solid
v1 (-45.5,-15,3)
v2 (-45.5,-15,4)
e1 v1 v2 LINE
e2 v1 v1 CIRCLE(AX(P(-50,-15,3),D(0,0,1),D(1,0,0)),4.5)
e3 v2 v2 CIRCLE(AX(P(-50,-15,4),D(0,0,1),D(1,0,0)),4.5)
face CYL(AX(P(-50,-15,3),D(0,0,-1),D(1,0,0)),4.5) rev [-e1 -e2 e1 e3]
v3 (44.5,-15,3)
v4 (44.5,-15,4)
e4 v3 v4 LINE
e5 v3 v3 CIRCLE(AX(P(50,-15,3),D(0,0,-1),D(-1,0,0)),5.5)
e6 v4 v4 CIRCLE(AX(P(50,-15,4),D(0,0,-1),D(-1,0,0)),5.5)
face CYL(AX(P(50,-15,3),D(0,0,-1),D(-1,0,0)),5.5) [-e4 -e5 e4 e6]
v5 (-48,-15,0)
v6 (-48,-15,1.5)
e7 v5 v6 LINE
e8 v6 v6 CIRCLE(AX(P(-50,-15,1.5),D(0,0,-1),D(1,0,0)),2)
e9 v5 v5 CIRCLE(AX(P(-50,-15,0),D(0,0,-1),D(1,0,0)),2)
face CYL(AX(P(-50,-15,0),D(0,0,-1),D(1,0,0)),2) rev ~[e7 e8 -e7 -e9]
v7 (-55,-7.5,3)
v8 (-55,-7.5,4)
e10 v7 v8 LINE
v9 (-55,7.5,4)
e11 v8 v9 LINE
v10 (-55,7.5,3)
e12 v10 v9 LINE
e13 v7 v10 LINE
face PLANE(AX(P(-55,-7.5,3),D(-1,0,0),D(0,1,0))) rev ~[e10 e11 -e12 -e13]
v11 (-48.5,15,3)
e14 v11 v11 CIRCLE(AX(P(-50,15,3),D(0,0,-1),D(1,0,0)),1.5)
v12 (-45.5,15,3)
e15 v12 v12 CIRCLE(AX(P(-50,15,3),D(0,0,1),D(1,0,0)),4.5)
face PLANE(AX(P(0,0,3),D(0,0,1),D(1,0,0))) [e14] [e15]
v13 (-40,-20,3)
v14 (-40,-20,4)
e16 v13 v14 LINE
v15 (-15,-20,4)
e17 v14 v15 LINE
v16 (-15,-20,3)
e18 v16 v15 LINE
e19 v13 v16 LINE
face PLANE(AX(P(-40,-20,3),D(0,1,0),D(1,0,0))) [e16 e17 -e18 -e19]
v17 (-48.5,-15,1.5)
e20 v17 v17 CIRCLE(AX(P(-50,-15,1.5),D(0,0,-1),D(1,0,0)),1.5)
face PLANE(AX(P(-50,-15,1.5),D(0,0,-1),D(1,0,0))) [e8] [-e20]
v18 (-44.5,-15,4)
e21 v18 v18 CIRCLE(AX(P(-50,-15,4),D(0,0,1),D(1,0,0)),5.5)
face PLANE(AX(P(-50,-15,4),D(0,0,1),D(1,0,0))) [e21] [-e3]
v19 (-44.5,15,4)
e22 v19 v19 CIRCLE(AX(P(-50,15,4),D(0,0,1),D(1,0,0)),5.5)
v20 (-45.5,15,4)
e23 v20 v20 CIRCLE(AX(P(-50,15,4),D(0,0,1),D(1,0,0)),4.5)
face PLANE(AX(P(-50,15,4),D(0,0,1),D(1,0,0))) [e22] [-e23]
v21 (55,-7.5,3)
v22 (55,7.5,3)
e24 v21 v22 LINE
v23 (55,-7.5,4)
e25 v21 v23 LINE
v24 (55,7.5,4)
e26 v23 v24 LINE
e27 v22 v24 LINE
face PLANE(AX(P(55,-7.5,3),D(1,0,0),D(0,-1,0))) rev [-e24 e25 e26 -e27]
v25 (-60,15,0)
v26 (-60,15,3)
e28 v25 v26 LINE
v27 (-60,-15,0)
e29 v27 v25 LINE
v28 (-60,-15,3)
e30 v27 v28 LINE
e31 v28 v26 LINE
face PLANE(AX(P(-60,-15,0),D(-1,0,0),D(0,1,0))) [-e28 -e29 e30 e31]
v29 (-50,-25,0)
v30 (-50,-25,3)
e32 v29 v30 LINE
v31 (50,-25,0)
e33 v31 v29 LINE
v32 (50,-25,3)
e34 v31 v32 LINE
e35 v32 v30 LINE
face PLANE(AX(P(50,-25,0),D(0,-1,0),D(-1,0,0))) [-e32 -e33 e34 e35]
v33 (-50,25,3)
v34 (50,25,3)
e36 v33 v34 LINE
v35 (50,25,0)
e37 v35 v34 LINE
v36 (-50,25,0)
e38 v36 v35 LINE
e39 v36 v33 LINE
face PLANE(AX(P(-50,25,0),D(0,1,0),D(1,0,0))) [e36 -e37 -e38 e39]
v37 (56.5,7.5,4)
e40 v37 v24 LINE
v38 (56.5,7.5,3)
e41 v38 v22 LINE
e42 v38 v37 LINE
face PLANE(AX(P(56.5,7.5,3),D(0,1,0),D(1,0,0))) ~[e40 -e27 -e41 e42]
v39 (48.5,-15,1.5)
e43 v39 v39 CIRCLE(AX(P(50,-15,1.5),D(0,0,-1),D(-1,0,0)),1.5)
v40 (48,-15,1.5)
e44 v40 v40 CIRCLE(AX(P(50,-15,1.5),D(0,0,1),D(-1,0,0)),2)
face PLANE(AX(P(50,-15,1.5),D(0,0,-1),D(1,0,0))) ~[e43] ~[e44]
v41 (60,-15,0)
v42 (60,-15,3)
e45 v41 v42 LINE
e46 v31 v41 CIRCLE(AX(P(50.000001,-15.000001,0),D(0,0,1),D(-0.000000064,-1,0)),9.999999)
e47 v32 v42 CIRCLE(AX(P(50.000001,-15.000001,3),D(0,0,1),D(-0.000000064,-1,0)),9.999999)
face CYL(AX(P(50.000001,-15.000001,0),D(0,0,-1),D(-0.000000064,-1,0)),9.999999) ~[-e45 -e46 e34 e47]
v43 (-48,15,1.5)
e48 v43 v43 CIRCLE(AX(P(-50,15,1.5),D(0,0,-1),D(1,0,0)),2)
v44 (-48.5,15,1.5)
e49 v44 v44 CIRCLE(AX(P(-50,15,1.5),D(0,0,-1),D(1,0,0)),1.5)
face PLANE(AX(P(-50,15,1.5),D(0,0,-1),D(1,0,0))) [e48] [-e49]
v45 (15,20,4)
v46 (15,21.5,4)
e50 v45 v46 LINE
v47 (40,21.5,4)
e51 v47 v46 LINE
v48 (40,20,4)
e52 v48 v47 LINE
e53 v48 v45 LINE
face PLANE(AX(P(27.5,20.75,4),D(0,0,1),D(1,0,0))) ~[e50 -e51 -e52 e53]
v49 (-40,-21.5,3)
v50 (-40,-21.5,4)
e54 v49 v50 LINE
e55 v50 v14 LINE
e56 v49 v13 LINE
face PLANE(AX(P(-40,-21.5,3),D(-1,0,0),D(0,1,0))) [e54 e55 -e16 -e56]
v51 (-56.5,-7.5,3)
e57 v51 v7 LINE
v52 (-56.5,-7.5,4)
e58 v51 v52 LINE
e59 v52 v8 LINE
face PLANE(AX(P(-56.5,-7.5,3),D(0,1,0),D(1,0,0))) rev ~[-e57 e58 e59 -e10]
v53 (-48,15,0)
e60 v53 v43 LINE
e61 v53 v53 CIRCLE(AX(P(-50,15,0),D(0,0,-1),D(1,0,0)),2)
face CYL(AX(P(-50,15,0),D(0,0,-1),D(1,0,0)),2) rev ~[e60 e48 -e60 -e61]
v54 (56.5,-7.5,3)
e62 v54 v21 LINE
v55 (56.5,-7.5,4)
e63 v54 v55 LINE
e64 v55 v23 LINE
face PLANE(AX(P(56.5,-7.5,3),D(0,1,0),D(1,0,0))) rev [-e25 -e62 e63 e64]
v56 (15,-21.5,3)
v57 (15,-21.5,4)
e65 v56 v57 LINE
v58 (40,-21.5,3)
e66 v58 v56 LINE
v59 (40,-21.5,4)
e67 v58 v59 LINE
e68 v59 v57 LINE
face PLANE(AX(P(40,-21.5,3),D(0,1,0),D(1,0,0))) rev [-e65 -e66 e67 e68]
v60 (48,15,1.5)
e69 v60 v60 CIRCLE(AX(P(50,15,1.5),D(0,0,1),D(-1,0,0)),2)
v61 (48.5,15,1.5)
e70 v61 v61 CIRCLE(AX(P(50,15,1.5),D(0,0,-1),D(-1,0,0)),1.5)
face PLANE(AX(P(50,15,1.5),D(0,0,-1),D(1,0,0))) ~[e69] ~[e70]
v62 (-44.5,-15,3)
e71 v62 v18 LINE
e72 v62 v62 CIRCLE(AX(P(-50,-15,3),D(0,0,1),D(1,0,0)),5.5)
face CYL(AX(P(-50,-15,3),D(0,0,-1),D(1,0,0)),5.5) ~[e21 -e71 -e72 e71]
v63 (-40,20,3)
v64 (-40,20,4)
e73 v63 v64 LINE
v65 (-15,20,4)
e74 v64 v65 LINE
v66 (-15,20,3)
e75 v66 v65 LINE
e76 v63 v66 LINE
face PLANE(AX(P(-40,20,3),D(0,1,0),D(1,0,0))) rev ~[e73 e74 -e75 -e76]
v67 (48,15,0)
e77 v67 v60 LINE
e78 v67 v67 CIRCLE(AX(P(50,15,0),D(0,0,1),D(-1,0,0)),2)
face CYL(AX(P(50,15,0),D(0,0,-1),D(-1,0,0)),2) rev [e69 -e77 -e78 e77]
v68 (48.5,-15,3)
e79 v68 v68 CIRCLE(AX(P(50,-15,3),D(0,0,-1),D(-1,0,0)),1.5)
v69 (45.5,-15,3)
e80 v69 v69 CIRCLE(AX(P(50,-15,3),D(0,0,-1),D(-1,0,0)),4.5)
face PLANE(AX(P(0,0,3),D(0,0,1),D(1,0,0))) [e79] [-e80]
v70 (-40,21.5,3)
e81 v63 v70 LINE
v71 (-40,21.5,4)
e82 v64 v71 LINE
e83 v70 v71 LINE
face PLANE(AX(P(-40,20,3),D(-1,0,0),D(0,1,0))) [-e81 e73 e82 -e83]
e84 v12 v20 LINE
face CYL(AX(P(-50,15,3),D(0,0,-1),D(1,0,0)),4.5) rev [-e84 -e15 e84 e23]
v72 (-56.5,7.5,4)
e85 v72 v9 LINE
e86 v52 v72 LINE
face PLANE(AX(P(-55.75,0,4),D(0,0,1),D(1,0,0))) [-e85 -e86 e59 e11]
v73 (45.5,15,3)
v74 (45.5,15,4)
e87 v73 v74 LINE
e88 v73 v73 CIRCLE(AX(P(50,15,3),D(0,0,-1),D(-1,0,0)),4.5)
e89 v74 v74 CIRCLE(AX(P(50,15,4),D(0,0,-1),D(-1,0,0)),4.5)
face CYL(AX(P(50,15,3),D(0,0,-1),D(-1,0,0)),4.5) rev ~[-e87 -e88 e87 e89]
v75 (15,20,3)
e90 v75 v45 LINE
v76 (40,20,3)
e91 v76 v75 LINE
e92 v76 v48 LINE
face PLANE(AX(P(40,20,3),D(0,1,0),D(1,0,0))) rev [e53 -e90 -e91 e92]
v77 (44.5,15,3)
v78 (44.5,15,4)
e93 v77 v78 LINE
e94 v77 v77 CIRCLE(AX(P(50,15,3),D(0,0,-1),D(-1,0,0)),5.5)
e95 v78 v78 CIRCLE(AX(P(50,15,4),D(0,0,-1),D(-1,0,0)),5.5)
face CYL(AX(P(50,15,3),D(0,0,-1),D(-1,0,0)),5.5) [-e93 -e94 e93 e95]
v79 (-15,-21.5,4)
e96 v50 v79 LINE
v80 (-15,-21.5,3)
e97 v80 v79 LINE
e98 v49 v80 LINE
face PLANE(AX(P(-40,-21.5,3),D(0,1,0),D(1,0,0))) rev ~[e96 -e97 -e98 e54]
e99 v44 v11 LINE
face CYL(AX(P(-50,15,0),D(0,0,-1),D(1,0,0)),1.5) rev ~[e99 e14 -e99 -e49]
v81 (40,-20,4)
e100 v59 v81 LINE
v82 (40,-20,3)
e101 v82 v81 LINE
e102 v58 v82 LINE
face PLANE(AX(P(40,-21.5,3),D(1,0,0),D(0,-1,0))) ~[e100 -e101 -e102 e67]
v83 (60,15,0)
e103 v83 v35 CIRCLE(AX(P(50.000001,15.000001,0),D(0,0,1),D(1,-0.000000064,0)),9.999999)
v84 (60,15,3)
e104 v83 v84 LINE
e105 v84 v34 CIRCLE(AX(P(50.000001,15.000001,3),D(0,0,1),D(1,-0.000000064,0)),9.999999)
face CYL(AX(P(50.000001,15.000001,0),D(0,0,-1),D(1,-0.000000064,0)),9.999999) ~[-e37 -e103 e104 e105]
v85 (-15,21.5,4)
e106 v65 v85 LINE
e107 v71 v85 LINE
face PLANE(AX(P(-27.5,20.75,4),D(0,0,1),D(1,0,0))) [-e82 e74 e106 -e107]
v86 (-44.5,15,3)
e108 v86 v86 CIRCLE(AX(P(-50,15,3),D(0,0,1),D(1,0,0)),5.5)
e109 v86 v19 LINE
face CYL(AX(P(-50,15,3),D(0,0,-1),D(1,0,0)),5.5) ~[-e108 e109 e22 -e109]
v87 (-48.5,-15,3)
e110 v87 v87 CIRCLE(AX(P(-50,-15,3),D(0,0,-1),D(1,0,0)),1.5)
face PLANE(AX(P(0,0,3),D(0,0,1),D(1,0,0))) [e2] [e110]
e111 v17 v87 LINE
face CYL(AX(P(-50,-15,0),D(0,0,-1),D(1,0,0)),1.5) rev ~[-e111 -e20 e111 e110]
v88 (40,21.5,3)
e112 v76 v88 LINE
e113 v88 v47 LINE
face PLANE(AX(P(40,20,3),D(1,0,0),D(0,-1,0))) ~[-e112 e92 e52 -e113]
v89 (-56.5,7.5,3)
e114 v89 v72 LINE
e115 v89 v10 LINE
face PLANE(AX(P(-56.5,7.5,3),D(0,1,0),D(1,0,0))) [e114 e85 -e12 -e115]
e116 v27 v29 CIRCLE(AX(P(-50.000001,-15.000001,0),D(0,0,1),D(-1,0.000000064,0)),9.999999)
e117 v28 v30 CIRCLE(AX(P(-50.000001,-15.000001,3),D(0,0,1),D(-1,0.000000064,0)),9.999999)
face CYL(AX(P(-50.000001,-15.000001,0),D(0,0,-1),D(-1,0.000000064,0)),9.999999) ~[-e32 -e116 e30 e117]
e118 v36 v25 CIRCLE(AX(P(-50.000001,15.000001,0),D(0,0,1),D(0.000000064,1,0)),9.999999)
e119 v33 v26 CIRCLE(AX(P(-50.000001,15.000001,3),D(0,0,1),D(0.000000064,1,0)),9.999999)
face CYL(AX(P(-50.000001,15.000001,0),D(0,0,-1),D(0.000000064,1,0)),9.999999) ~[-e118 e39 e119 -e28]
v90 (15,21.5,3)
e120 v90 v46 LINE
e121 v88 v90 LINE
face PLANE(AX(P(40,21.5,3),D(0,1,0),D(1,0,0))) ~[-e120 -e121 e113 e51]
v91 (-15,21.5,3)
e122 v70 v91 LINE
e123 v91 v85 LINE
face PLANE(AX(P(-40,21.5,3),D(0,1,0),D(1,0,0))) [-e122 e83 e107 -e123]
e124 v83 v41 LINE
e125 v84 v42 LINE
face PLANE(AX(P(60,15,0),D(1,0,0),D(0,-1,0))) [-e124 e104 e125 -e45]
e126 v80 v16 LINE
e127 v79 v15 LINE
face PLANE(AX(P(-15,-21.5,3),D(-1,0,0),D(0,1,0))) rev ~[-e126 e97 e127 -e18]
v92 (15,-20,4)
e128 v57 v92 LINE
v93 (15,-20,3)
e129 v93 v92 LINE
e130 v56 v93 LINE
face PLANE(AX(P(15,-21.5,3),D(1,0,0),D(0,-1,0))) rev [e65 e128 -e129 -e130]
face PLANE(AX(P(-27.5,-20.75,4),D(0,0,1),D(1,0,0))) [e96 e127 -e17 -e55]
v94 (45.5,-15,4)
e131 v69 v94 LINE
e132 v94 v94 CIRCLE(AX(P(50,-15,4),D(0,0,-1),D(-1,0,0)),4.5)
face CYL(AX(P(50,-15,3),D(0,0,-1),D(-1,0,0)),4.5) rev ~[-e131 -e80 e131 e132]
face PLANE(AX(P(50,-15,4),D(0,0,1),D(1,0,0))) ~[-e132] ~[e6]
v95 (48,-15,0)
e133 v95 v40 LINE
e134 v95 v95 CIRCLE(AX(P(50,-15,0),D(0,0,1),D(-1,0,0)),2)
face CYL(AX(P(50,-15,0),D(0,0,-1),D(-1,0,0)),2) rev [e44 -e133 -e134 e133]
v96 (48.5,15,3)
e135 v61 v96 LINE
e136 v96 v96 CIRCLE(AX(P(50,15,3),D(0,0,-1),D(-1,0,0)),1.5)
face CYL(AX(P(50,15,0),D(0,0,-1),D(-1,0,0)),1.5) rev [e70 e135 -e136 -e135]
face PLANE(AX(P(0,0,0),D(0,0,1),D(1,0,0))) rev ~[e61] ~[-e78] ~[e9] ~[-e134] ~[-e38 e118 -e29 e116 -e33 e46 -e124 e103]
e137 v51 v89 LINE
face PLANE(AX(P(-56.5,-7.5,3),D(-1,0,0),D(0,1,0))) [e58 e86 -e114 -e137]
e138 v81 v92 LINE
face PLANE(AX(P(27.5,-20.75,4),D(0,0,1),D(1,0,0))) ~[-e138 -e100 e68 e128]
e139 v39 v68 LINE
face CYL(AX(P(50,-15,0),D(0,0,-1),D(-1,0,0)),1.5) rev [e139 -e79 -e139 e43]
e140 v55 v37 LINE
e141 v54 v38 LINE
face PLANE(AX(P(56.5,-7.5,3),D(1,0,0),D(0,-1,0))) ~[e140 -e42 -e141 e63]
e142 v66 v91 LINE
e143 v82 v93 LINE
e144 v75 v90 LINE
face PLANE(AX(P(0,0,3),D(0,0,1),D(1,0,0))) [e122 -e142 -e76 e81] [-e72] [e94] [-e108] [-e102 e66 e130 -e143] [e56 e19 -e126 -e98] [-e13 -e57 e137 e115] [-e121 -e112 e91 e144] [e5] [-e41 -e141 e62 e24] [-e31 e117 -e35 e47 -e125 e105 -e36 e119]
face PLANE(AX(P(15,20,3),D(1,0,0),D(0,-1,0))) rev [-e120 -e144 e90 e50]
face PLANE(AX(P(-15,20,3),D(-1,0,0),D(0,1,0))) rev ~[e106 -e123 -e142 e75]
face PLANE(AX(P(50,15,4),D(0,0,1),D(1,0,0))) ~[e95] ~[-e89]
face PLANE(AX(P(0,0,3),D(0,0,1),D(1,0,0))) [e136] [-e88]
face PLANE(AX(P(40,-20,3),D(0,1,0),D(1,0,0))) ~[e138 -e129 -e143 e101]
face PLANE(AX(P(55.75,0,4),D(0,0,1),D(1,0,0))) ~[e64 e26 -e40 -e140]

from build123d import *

# Parameters (mm, degrees)
PAD_DEPTH       = 3
SKETCH001_R     = 5.5
SKETCH001_R_2   = 4.5
SKETCH001_W     = 25
SKETCH001_H     = 1.5
SKETCH001_W_2   = 1.5
SKETCH001_H_2   = 15
PAD001_DEPTH    = 1
SKETCH002_R     = 1.5
POCKET_DEPTH    = 264.124048
SKETCH003_R     = 2
POCKET001_DEPTH = 1.5


with BuildPart() as part:
    # Sketch → Pad (new body)
    with BuildSketch(Plane.XY):
        with BuildLine():
            ThreePointArc((-50, 25), (-57.071068, 22.071068), (-60, 15))
            Line((-60, -15), (-60, 15))
            ThreePointArc((-60, -15), (-57.071068, -22.071068), (-50, -25))
            Line((50, -25), (-50, -25))
            ThreePointArc((50, -25), (57.071068, -22.071068), (60, -15))
            Line((60, 15), (60, -15))
            ThreePointArc((60, 15), (57.071068, 22.071068), (50, 25))
            Line((-50, 25), (50, 25))
        make_face()
    extrude(amount=PAD_DEPTH)

    # Sketch001 (on Face10 of Pad) → Pad001 (join)
    with BuildSketch(Plane.XY.offset(3)):
        with Locations((-50, 15)):
            Circle(SKETCH001_R)
        with Locations((-50, 15)):
            Circle(SKETCH001_R_2, mode=Mode.SUBTRACT)
        with Locations((-50, -15)):
            Circle(SKETCH001_R)
        with Locations((-50, -15)):
            Circle(SKETCH001_R_2, mode=Mode.SUBTRACT)
        with Locations((-27.5, 20.75)):
            Rectangle(SKETCH001_W, SKETCH001_H)
        with Locations((-27.5, -20.75)):
            Rectangle(SKETCH001_W, SKETCH001_H)
        with Locations((-55.75, 0)):
            Rectangle(SKETCH001_W_2, SKETCH001_H_2)
    pad001 = extrude(amount=PAD001_DEPTH)

    # Sketch002 (on Face4 of Pad001) → Pocket (cut, through all)
    with BuildSketch(Plane(origin=(0, 0, 0), x_dir=(1, 0, 0), z_dir=(0, 0, -1))):
        with Locations((-50, 15)):
            Circle(SKETCH002_R)
        with Locations((-50, -15)):
            Circle(SKETCH002_R)
    pocket = extrude(amount=-POCKET_DEPTH, mode=Mode.SUBTRACT)

    # Sketch003 (on Face4 of Pocket) → Pocket001 (cut)
    with BuildSketch(Plane(origin=(0, 0, 0), x_dir=(1, 0, 0), z_dir=(0, 0, -1))):
        with Locations((-50, 15)):
            Circle(SKETCH003_R)
        with Locations((-50, -15)):
            Circle(SKETCH003_R)
    pocket001 = extrude(amount=-POCKET001_DEPTH, mode=Mode.SUBTRACT)

    # Mirrored: Pad001, Pocket, Pocket001 across Sketch001 V_Axis
    add(pad001.mirror(Plane(origin=(0, 0, 3), x_dir=(0, 0, 1), z_dir=(1, 0, 0))))
    add(pocket.mirror(Plane(origin=(0, 0, 3), x_dir=(0, 0, 1), z_dir=(1, 0, 0))), mode=Mode.SUBTRACT)
    add(pocket001.mirror(Plane(origin=(0, 0, 3), x_dir=(0, 0, 1), z_dir=(1, 0, 0))), mode=Mode.SUBTRACT)


solid = part.part
